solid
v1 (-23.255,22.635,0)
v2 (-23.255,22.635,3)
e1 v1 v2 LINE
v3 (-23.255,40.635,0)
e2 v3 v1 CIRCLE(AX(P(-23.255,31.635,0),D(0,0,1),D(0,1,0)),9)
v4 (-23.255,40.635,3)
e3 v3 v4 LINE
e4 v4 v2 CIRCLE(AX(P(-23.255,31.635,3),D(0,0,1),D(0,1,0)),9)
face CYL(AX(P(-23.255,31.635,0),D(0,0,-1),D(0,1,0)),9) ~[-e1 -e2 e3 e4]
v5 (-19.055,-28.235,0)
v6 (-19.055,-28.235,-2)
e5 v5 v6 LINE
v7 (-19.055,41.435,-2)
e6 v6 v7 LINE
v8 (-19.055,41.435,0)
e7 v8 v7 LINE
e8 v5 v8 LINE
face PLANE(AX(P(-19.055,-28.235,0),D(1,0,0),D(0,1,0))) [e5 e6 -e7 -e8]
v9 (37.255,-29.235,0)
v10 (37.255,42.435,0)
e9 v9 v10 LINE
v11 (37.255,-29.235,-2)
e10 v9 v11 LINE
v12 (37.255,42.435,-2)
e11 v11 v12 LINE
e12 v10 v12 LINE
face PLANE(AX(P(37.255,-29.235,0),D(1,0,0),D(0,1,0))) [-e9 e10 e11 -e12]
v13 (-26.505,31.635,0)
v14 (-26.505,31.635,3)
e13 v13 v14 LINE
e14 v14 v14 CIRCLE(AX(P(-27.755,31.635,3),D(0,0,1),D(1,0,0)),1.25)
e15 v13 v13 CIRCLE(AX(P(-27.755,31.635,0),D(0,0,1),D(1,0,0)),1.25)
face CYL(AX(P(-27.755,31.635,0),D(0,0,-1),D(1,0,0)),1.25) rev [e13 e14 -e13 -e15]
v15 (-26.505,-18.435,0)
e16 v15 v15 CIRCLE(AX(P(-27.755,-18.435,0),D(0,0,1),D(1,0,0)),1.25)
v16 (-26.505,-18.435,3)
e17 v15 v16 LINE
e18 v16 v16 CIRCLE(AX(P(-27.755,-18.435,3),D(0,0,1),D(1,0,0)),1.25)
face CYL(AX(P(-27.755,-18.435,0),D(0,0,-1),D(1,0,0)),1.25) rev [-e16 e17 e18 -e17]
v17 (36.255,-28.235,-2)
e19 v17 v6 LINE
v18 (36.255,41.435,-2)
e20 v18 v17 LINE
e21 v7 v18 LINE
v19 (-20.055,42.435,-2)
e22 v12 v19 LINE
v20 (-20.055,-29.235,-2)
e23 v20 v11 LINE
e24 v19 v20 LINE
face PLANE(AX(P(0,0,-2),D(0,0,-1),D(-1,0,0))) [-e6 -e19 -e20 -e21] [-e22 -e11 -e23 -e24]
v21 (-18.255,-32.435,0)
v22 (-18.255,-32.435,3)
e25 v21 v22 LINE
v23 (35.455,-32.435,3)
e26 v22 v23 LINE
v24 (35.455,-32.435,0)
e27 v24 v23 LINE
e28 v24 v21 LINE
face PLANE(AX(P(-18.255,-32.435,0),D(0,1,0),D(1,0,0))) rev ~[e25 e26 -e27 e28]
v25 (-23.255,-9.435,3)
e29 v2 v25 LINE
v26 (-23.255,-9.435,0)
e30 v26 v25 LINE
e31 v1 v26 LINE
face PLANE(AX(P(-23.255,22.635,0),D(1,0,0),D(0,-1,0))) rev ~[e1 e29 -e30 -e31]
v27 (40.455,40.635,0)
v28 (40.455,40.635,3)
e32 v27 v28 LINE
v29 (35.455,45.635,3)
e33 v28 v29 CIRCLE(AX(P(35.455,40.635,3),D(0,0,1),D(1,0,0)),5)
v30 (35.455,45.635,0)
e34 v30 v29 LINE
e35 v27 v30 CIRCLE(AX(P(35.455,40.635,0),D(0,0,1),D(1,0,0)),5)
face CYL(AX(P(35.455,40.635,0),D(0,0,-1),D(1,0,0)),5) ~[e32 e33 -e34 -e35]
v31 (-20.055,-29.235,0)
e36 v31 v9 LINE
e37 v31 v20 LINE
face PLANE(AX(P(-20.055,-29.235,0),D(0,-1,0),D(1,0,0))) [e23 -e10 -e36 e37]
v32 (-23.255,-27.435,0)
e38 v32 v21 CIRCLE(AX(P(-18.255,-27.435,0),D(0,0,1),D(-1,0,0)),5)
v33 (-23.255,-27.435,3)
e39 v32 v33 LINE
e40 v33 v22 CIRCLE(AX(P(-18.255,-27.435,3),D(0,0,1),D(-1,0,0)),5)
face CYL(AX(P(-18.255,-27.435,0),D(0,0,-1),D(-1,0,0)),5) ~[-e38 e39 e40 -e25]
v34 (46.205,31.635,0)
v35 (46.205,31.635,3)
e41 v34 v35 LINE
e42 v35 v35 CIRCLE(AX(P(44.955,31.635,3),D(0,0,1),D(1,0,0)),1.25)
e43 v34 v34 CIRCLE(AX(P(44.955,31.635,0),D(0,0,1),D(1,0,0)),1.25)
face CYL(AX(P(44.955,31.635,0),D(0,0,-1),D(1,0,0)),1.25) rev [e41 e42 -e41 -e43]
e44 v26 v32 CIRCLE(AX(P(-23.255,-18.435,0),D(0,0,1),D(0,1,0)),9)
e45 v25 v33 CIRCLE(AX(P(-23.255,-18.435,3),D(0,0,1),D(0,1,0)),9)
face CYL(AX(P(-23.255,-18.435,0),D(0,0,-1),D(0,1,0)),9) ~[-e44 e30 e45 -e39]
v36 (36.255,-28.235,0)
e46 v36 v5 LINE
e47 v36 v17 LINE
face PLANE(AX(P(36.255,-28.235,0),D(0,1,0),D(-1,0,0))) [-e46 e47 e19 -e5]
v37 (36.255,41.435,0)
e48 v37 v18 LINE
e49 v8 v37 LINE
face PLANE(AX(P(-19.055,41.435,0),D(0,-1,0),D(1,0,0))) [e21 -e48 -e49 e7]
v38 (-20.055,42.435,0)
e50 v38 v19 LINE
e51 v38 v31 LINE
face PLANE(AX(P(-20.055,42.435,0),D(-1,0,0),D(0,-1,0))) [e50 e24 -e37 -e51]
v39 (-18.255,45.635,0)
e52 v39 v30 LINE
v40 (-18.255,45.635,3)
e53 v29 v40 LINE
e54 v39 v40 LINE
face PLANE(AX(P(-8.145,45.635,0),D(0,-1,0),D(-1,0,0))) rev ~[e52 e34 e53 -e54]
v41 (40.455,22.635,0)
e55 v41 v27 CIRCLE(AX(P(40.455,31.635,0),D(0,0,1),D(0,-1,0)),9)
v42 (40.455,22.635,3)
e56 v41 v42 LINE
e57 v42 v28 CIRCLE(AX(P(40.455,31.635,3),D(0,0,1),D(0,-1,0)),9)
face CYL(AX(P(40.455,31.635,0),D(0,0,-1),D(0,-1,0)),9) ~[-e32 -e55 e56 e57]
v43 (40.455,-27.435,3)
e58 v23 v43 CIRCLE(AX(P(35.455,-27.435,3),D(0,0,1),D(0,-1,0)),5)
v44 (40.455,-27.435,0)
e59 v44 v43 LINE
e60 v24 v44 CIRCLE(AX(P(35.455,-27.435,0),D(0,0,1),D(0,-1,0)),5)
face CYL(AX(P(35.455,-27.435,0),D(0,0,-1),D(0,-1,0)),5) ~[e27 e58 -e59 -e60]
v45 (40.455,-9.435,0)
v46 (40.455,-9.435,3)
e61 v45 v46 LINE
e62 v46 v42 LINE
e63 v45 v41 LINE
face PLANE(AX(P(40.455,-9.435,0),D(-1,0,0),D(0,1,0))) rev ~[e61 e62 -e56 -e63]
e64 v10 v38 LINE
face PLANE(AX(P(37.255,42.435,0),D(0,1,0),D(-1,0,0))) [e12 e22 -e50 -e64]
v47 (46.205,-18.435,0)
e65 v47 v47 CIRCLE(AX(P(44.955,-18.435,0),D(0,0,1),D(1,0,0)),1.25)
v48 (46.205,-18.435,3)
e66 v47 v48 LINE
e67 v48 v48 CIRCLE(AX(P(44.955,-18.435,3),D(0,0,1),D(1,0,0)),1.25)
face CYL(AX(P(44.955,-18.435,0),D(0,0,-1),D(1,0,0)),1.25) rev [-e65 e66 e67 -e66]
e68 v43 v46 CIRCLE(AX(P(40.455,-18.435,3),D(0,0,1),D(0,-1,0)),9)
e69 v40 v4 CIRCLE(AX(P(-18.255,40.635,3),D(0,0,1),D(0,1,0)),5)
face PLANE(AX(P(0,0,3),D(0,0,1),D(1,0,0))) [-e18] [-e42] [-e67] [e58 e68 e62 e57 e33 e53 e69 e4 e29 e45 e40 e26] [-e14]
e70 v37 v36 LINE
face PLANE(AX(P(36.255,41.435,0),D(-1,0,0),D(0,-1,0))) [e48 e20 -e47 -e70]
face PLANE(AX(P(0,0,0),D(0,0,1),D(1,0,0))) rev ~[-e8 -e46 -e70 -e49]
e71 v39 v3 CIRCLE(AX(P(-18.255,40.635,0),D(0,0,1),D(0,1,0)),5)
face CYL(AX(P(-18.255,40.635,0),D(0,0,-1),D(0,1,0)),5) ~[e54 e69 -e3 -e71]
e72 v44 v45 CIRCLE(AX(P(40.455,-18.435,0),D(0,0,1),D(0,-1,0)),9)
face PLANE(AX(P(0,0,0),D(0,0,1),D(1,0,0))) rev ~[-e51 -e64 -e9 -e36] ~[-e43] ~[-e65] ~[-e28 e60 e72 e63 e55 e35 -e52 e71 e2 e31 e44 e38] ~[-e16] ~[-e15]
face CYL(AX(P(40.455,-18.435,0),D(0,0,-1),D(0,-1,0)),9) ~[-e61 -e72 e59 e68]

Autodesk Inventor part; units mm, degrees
ref_plane "YZ Plane" through (0, 0, 0) normal (1, 0, 0) x (0, 1, 0)
ref_plane "XZ Plane" through (0, 0, 0) normal (0, 1, 0) x (-1, 0, 0)
ref_plane "XY Plane" through (0, 0, 0) normal (0, 0, 1) x (1, 0, 0)
sketch "Sketch3" plane through (0, 0, 0) normal (0, 0, 1) x (1, 0, 0)
  line L0 (-23.255, 22.635) -> (-23.255, -9.435) projected
  line L1 (-18.255, -32.435) -> (-8.145, -32.435) projected
  line L2 (-8.145, -32.435) -> (-8.145, -29.435) projected
  line L3 (-8.145, -29.435) -> (-20.255, -29.435) projected
  line L4 (-20.255, -29.435) -> (-20.255, 42.635) projected
  line L5 (-20.255, 42.635) -> (-8.145, 42.635) projected
  line L6 (-8.145, 42.635) -> (-8.145, 45.635) projected
  line L7 (-8.145, 45.635) -> (-18.255, 45.635) projected
  arc A0 (-23.255, 40.635) -> (-23.255, 22.635) centre (-23.255, 31.635) ccw projected
  circle A1 centre (-27.755, 31.635) radius 1.25 projected
  line L8 (-8.145, 45.635) -> (-18.255, 45.635) projected
  line L9 (-18.255, -32.435) -> (-8.145, -32.435) projected
  line L10 (-8.145, -29.435) -> (7.855, -29.435) projected
  line L11 (-8.145, -32.435) -> (-8.145, -29.435) projected
  line L12 (7.855, -32.435) -> (-8.145, -32.435) projected
  line L13 (7.855, -32.435) -> (7.855, -29.435) projected
  line L14 (7.855, 42.635) -> (-8.145, 42.635) projected
  line L15 (7.855, 45.635) -> (7.855, 42.635) projected
  line L16 (-8.145, 45.635) -> (7.855, 45.635) projected
  line L17 (-8.145, 45.635) -> (-8.145, 42.635) projected
  line L18 (-23.255, 22.635) -> (-23.255, -9.435) projected
  arc A2 (-23.255, -27.435) -> (-18.255, -32.435) centre (-18.255, -27.435) ccw projected
  line L19 (-8.145, -32.435) -> (-8.145, -29.435) projected
  line L20 (-8.145, -29.435) -> (-20.255, -29.435) projected
  line L21 (-20.255, -29.435) -> (-20.255, 42.635) projected
  line L22 (-20.255, 42.635) -> (-8.145, 42.635) projected
  line L23 (-8.145, 42.635) -> (-8.145, 45.635) projected
  arc A3 (-18.255, 45.635) -> (-23.255, 40.635) centre (-18.255, 40.635) ccw projected
  arc A4 (-23.255, 40.635) -> (-23.255, 22.635) centre (-23.255, 31.635) ccw projected
  circle A5 centre (-27.755, 31.635) radius 1.25 projected
  arc A6 (-23.255, -27.435) -> (-18.255, -32.435) centre (-18.255, -27.435) ccw projected
  arc A7 (-18.255, 45.635) -> (-23.255, 40.635) centre (-18.255, 40.635) ccw projected
  line L24 (40.455, -9.435) -> (40.455, 22.635) projected
  arc A8 (40.455, 40.635) -> (35.455, 45.635) centre (35.455, 40.635) ccw projected
  line L25 (35.455, 45.635) -> (7.855, 45.635) projected
  line L26 (7.855, 45.635) -> (7.855, 42.635) projected
  line L27 (7.855, 42.635) -> (37.455, 42.635) projected
  line L28 (37.455, 42.635) -> (37.455, -29.435) projected
  line L29 (37.455, -29.435) -> (7.855, -29.435) projected
  line L30 (7.855, -29.435) -> (7.855, -32.435) projected
  line L31 (7.855, -32.435) -> (35.455, -32.435) projected
  arc A9 (35.455, -32.435) -> (40.455, -27.435) centre (35.455, -27.435) ccw projected
  arc A10 (40.455, -27.435) -> (40.455, -9.435) centre (40.455, -18.435) ccw projected
  circle A11 centre (44.955, -18.435) radius 1.25 projected
  circle A12 centre (-27.755, -18.435) radius 1.25 projected
  arc A13 (-23.255, -9.435) -> (-23.255, -27.435) centre (-23.255, -18.435) ccw projected
  circle A14 centre (-27.755, -18.435) radius 1.25 projected
  arc A15 (-23.255, -9.435) -> (-23.255, -27.435) centre (-23.255, -18.435) ccw projected
  circle A16 centre (44.955, 31.635) radius 1.25 projected
  arc A17 (40.455, 22.635) -> (40.455, 40.635) centre (40.455, 31.635) ccw projected
  point P0 (0, 0)
extrude "Extrusion3" add sketch "Sketch3" along normal blind 3
sketch "Sketch5" plane through (0, 0, 0) normal (0, 0, -1) x (-1, 0, 0)
  line L0 (20.255, -29.435) -> (20.255, 42.635) projected
  line L1 (8.145, -29.435) -> (20.255, -29.435) projected
  line L2 (-37.455, -29.435) -> (-7.855, -29.435) projected
  line L3 (-37.455, 42.635) -> (-37.455, -29.435) projected
  line L4 (-7.855, 42.635) -> (-37.455, 42.635) projected
  line L5 (20.255, 42.635) -> (8.145, 42.635) projected
  line L6 (-7.855, 42.635) -> (8.145, 42.635)
  line L7 (-7.855, -29.435) -> (8.145, -29.435)
  line L8 (20.055, -29.235) -> (-37.255, -29.235)
  line L9 (-37.255, -29.235) -> (-37.255, 42.435)
  line L10 (-37.255, 42.435) -> (-7.855, 42.435)
  line L11 (-7.855, 42.435) -> (8.145, 42.435)
  line L12 (8.145, 42.435) -> (20.055, 42.435)
  line L13 (20.055, 42.435) -> (20.055, -29.235)
  line L14 (-36.255, -28.235) -> (19.055, -28.235)
  line L15 (19.055, -28.235) -> (19.055, 41.435)
  line L16 (19.055, 41.435) -> (-36.255, 41.435)
  line L17 (-36.255, 41.435) -> (-36.255, -28.235)
  point P0 (0, 0)
  dimension "d8" = 0.2
  dimension "d9" = 1
extrude "Extrusion4" add sketch "Sketch5" along normal blind 2 contours L8 L9 L10 L11 L12 L13
properties part number "lid_arm"
